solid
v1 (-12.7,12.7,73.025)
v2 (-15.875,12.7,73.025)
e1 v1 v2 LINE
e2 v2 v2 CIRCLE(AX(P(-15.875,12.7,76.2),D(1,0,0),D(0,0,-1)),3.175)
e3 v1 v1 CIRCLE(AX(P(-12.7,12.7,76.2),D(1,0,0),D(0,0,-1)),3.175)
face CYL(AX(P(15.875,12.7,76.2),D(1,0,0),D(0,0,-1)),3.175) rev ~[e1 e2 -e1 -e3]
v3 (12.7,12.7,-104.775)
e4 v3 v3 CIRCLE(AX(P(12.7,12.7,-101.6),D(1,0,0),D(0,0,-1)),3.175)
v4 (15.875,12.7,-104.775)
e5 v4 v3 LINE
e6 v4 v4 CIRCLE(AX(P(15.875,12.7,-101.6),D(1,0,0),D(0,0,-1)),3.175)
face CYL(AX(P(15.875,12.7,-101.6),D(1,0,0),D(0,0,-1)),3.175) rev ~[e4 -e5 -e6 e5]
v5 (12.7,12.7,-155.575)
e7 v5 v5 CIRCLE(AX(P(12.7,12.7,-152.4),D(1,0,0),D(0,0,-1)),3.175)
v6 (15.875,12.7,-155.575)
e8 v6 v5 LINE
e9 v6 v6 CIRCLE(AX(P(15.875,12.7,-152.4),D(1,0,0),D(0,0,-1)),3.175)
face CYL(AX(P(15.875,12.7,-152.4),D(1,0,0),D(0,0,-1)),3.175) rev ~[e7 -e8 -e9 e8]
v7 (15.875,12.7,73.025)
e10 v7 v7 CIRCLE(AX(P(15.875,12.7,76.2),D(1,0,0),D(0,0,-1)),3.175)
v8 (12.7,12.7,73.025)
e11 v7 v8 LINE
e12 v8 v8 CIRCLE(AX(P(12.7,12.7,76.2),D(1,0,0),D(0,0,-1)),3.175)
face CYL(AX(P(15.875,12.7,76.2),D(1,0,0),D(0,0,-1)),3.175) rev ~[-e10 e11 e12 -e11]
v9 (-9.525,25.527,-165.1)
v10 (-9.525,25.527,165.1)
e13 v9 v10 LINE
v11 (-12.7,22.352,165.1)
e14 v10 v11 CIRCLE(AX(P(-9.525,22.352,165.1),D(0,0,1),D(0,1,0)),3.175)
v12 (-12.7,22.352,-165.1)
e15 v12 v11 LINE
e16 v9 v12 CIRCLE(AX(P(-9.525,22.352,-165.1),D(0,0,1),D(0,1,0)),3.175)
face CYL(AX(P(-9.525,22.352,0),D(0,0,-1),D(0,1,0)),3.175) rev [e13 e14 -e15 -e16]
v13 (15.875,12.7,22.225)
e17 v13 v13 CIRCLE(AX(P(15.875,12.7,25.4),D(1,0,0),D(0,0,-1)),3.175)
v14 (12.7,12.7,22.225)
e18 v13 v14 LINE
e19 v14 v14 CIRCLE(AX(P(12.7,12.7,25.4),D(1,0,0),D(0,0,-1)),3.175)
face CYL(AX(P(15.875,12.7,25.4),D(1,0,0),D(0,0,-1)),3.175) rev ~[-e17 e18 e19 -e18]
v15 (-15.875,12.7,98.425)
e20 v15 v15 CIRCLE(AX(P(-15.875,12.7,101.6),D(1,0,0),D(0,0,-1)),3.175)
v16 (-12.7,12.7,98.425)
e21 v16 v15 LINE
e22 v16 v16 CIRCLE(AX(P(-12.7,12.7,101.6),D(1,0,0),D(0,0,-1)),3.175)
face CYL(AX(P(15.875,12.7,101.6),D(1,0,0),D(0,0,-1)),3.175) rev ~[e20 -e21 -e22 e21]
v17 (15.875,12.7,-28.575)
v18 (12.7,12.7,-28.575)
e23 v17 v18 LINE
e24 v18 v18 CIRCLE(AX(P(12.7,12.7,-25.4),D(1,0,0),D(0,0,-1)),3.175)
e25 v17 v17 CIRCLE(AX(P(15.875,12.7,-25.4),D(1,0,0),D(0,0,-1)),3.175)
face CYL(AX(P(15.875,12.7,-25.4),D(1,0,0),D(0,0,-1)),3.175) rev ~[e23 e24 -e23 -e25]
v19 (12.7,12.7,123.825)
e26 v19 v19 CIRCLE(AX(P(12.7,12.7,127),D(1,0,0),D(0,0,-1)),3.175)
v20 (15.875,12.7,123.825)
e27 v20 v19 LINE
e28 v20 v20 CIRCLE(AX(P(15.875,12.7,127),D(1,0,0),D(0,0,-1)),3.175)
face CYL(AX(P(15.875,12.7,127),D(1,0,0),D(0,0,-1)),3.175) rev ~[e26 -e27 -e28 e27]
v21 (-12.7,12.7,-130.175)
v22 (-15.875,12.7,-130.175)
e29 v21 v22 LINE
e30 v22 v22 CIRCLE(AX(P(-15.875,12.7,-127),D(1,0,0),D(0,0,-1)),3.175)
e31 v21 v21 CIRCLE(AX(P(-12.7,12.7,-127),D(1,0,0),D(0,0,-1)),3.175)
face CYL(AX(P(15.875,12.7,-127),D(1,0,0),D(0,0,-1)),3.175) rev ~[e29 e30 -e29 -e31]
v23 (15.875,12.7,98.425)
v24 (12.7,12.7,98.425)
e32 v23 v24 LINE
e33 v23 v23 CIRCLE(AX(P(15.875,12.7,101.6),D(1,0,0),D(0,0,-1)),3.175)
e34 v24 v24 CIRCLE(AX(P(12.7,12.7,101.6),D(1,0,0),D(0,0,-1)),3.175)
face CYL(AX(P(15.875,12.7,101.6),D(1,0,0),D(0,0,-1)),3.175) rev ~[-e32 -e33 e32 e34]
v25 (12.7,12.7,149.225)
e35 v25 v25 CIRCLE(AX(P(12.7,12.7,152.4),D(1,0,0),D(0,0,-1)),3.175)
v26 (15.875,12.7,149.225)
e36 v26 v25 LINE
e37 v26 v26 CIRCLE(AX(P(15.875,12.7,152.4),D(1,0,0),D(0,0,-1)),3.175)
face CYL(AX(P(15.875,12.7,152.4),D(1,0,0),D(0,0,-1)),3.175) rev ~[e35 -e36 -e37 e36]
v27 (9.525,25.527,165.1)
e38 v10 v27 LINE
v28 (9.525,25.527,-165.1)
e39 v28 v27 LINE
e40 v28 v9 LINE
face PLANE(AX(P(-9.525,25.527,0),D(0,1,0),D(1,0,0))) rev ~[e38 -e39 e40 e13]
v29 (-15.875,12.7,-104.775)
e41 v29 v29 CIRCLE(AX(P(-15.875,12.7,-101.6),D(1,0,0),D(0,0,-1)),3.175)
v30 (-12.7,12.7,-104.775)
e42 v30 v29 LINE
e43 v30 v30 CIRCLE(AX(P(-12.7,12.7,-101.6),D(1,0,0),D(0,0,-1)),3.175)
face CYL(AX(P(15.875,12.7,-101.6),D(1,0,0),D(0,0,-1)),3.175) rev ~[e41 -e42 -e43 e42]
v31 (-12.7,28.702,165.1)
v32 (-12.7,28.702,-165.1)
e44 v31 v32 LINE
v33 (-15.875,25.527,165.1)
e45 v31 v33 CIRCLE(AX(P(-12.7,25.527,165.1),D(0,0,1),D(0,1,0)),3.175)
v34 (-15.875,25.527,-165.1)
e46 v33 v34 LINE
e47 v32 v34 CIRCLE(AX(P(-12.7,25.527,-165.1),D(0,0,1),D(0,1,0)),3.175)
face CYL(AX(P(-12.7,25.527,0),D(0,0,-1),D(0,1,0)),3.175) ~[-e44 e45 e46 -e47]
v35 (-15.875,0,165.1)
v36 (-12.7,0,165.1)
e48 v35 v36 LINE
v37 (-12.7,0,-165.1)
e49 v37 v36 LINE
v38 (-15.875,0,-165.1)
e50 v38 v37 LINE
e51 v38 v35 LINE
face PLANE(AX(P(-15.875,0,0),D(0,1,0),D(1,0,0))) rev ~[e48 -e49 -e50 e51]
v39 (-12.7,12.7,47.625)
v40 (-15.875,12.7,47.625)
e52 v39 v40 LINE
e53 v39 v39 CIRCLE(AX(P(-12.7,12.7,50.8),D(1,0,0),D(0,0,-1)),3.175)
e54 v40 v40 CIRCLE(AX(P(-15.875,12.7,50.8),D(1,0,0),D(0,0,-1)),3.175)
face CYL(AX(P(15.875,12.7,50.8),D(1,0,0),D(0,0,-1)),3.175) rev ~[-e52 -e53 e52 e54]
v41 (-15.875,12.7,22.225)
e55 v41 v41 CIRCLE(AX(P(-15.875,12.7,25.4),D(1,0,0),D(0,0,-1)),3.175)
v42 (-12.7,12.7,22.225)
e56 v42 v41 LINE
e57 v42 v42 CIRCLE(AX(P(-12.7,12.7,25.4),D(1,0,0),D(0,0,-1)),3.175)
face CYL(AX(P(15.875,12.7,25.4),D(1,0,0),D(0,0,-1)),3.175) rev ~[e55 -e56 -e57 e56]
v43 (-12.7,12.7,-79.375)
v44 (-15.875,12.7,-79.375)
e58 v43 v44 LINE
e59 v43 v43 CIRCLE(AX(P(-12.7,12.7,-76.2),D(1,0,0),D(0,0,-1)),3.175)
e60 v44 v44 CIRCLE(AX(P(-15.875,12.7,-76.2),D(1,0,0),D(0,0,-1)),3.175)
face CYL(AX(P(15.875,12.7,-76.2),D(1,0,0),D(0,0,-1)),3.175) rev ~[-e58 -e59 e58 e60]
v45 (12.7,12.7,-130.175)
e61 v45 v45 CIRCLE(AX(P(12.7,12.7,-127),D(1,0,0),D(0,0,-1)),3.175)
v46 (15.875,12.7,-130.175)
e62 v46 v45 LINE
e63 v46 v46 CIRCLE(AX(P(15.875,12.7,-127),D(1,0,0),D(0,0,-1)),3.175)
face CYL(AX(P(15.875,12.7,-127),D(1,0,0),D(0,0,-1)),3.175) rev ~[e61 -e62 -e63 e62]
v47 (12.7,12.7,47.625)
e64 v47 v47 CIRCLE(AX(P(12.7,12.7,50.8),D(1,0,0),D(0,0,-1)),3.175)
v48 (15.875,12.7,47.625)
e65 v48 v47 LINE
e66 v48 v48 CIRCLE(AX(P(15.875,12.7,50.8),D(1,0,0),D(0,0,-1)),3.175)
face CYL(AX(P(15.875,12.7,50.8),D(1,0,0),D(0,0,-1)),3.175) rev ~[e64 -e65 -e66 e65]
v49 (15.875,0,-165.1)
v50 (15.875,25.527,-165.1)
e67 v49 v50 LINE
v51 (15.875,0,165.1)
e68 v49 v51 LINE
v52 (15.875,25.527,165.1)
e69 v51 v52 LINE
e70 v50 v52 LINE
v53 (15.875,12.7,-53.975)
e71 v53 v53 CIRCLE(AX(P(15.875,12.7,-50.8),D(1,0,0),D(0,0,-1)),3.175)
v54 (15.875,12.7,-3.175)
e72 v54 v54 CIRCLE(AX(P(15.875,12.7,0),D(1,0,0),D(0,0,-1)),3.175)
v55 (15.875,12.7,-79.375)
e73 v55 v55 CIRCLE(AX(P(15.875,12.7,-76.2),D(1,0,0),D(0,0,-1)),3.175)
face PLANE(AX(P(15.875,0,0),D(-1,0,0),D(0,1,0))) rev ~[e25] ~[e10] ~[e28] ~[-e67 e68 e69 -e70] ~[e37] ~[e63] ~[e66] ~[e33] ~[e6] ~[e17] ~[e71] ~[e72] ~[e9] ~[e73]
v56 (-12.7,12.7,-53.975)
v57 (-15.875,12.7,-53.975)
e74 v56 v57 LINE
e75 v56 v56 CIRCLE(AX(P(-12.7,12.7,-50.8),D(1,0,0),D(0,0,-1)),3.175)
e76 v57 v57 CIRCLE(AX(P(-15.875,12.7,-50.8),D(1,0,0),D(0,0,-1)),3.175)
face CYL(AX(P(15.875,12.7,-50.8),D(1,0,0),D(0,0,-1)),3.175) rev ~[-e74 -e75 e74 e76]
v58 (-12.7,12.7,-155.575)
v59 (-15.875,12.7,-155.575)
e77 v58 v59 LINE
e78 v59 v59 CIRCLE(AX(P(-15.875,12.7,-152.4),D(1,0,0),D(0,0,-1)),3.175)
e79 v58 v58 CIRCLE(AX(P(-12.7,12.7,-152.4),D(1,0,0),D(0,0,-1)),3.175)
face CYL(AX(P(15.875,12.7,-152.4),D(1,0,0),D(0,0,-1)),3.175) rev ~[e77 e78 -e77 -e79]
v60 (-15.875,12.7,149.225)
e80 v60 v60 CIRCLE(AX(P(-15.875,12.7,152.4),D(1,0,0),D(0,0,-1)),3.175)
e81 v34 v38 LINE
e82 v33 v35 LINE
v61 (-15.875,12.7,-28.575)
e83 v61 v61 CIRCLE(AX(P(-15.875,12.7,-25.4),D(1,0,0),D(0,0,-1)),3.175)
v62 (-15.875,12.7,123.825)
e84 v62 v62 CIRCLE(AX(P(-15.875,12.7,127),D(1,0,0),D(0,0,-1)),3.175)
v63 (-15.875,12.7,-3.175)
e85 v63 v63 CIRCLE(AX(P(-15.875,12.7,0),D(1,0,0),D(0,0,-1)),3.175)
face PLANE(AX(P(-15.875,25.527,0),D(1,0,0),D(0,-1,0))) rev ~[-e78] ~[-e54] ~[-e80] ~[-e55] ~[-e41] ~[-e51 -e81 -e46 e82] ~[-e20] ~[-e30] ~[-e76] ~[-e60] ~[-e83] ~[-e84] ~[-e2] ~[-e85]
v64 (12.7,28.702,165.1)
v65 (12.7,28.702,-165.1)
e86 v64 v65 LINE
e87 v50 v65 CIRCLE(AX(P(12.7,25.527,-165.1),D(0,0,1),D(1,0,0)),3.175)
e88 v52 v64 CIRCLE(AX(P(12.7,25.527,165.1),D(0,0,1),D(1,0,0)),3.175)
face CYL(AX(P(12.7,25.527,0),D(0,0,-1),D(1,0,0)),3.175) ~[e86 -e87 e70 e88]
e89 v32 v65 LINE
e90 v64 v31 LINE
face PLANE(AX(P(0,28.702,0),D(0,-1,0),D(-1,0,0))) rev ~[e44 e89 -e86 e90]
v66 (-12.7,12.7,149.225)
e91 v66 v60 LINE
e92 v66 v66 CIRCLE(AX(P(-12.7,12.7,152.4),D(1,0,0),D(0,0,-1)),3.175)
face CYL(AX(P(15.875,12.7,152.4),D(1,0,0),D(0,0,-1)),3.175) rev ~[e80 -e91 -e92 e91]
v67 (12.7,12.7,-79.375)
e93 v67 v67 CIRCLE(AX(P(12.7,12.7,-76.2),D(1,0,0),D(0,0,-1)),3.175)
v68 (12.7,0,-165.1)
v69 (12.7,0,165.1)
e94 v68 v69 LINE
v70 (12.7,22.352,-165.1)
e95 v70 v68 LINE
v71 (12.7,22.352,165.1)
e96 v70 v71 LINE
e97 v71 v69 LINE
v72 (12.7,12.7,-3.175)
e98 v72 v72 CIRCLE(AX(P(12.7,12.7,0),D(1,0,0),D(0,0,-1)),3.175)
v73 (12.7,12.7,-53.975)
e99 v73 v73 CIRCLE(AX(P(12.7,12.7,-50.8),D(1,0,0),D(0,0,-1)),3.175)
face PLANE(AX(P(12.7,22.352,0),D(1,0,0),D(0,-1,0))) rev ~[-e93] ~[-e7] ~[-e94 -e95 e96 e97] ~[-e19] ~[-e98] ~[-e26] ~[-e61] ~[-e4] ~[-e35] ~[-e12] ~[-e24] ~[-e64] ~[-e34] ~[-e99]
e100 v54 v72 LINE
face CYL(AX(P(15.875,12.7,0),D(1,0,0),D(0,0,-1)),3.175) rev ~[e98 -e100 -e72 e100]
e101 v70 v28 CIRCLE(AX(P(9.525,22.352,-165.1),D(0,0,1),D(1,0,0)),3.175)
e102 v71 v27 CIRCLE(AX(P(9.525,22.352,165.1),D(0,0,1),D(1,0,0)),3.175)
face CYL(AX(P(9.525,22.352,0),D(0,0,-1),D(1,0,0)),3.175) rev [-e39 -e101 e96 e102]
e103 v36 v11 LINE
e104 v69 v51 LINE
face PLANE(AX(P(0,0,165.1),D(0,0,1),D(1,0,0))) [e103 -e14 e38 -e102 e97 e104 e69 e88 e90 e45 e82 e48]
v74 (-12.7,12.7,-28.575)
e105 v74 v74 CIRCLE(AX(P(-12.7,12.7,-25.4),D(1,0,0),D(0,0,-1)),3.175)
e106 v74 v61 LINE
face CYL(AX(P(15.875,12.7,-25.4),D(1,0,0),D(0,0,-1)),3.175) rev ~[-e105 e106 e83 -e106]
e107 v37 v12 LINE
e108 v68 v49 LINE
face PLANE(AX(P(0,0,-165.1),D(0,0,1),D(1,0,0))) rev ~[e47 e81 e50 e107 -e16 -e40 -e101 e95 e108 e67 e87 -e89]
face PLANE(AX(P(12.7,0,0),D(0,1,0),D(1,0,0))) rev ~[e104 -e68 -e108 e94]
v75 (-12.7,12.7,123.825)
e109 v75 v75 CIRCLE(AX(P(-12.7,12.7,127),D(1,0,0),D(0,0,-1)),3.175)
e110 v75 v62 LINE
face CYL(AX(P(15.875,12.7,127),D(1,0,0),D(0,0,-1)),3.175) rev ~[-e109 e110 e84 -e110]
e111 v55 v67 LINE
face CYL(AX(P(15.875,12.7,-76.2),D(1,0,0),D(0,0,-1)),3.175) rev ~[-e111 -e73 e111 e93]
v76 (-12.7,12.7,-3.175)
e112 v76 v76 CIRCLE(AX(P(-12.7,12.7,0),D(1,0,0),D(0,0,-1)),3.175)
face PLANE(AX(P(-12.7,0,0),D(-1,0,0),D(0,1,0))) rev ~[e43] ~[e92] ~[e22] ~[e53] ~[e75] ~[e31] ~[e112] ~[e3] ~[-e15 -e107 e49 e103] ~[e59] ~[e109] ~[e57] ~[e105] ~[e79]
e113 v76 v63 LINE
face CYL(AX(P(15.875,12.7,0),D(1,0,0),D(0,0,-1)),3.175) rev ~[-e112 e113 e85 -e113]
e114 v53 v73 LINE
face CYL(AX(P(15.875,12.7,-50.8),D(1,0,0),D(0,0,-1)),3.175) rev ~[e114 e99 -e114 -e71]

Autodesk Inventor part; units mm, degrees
ref_plane "YZ Plane" through (0, 0, 0) normal (1, 0, 0) x (0, 1, 0)
ref_plane "XZ Plane" through (0, 0, 0) normal (0, 1, 0) x (-1, 0, 0)
ref_plane "XY Plane" through (0, 0, 0) normal (0, 0, 1) x (1, 0, 0)
sketch "Sketch1" plane through (0, 0, 0) normal (0, 0, 1) x (1, 0, 0)
  line L0 (-15.875, 0) -> (-12.7, 0)
  line L1 (-12.7, 0) -> (-12.7, 22.352)
  line L2 (-9.525, 25.527) -> (9.525, 25.527)
  line L3 (12.7, 22.352) -> (12.7, 0)
  line L4 (12.7, 0) -> (15.875, 0)
  line L5 (15.875, 0) -> (15.875, 25.527)
  line L6 (12.7, 28.702) -> (-12.7, 28.702)
  line L7 (-15.875, 25.527) -> (-15.875, 0)
  arc A0 (-9.525, 25.527) -> (-12.7, 22.352) centre (-9.525, 22.352) ccw
  arc A1 (12.7, 22.352) -> (9.525, 25.527) centre (9.525, 22.352) ccw
  arc A2 (-12.7, 28.702) -> (-15.875, 25.527) centre (-12.7, 25.527) ccw
  arc A3 (15.875, 25.527) -> (12.7, 28.702) centre (12.7, 25.527) ccw
  line L8 (0, 35.2315) -> (0, -5.8719) projected
  point P0 (0, 0)
  dimension "d0" = 28.702
  dimension "d1" = 31.75
  dimension "d2" = 3.175
  dimension "d3" = 3.175
  dimension "d4" = 3.175
extrude "Extrusion1" add sketch "Sketch1" along normal mid plane 330.2
sketch "Sketch4" plane through (15.875, 0, 165.1) normal (1, 0, 0) x (0, 0, -1)
  line L0 (165.1, -5.7404) -> (165.1, 34.4424) construction
  line L1 (-140.335, 0) -> (842.01, 0) construction
  circle A0 centre (165.1, 12.7) radius 3.175
  point P0 (165.1, 0)
  dimension "d34" = 12.7
  dimension "d35" = 0
  dimension "d36" = 6.35
extrude "Extrusion4" cut sketch "Sketch4" against normal up to surface (31.75 mm away)
pattern_linear "Rectangular Pattern3" count 30 spacing 25.4 along (0, 0, 1) count 30 spacing 25.4 along (0, 0, -1) of "Extrusion4"
equation "\"d5\" = ExtensionLen"
equation "\"ExtensionLen\" = 330.2"
properties part number "NTowerChannelExtension" material "Aluminum 6061"
